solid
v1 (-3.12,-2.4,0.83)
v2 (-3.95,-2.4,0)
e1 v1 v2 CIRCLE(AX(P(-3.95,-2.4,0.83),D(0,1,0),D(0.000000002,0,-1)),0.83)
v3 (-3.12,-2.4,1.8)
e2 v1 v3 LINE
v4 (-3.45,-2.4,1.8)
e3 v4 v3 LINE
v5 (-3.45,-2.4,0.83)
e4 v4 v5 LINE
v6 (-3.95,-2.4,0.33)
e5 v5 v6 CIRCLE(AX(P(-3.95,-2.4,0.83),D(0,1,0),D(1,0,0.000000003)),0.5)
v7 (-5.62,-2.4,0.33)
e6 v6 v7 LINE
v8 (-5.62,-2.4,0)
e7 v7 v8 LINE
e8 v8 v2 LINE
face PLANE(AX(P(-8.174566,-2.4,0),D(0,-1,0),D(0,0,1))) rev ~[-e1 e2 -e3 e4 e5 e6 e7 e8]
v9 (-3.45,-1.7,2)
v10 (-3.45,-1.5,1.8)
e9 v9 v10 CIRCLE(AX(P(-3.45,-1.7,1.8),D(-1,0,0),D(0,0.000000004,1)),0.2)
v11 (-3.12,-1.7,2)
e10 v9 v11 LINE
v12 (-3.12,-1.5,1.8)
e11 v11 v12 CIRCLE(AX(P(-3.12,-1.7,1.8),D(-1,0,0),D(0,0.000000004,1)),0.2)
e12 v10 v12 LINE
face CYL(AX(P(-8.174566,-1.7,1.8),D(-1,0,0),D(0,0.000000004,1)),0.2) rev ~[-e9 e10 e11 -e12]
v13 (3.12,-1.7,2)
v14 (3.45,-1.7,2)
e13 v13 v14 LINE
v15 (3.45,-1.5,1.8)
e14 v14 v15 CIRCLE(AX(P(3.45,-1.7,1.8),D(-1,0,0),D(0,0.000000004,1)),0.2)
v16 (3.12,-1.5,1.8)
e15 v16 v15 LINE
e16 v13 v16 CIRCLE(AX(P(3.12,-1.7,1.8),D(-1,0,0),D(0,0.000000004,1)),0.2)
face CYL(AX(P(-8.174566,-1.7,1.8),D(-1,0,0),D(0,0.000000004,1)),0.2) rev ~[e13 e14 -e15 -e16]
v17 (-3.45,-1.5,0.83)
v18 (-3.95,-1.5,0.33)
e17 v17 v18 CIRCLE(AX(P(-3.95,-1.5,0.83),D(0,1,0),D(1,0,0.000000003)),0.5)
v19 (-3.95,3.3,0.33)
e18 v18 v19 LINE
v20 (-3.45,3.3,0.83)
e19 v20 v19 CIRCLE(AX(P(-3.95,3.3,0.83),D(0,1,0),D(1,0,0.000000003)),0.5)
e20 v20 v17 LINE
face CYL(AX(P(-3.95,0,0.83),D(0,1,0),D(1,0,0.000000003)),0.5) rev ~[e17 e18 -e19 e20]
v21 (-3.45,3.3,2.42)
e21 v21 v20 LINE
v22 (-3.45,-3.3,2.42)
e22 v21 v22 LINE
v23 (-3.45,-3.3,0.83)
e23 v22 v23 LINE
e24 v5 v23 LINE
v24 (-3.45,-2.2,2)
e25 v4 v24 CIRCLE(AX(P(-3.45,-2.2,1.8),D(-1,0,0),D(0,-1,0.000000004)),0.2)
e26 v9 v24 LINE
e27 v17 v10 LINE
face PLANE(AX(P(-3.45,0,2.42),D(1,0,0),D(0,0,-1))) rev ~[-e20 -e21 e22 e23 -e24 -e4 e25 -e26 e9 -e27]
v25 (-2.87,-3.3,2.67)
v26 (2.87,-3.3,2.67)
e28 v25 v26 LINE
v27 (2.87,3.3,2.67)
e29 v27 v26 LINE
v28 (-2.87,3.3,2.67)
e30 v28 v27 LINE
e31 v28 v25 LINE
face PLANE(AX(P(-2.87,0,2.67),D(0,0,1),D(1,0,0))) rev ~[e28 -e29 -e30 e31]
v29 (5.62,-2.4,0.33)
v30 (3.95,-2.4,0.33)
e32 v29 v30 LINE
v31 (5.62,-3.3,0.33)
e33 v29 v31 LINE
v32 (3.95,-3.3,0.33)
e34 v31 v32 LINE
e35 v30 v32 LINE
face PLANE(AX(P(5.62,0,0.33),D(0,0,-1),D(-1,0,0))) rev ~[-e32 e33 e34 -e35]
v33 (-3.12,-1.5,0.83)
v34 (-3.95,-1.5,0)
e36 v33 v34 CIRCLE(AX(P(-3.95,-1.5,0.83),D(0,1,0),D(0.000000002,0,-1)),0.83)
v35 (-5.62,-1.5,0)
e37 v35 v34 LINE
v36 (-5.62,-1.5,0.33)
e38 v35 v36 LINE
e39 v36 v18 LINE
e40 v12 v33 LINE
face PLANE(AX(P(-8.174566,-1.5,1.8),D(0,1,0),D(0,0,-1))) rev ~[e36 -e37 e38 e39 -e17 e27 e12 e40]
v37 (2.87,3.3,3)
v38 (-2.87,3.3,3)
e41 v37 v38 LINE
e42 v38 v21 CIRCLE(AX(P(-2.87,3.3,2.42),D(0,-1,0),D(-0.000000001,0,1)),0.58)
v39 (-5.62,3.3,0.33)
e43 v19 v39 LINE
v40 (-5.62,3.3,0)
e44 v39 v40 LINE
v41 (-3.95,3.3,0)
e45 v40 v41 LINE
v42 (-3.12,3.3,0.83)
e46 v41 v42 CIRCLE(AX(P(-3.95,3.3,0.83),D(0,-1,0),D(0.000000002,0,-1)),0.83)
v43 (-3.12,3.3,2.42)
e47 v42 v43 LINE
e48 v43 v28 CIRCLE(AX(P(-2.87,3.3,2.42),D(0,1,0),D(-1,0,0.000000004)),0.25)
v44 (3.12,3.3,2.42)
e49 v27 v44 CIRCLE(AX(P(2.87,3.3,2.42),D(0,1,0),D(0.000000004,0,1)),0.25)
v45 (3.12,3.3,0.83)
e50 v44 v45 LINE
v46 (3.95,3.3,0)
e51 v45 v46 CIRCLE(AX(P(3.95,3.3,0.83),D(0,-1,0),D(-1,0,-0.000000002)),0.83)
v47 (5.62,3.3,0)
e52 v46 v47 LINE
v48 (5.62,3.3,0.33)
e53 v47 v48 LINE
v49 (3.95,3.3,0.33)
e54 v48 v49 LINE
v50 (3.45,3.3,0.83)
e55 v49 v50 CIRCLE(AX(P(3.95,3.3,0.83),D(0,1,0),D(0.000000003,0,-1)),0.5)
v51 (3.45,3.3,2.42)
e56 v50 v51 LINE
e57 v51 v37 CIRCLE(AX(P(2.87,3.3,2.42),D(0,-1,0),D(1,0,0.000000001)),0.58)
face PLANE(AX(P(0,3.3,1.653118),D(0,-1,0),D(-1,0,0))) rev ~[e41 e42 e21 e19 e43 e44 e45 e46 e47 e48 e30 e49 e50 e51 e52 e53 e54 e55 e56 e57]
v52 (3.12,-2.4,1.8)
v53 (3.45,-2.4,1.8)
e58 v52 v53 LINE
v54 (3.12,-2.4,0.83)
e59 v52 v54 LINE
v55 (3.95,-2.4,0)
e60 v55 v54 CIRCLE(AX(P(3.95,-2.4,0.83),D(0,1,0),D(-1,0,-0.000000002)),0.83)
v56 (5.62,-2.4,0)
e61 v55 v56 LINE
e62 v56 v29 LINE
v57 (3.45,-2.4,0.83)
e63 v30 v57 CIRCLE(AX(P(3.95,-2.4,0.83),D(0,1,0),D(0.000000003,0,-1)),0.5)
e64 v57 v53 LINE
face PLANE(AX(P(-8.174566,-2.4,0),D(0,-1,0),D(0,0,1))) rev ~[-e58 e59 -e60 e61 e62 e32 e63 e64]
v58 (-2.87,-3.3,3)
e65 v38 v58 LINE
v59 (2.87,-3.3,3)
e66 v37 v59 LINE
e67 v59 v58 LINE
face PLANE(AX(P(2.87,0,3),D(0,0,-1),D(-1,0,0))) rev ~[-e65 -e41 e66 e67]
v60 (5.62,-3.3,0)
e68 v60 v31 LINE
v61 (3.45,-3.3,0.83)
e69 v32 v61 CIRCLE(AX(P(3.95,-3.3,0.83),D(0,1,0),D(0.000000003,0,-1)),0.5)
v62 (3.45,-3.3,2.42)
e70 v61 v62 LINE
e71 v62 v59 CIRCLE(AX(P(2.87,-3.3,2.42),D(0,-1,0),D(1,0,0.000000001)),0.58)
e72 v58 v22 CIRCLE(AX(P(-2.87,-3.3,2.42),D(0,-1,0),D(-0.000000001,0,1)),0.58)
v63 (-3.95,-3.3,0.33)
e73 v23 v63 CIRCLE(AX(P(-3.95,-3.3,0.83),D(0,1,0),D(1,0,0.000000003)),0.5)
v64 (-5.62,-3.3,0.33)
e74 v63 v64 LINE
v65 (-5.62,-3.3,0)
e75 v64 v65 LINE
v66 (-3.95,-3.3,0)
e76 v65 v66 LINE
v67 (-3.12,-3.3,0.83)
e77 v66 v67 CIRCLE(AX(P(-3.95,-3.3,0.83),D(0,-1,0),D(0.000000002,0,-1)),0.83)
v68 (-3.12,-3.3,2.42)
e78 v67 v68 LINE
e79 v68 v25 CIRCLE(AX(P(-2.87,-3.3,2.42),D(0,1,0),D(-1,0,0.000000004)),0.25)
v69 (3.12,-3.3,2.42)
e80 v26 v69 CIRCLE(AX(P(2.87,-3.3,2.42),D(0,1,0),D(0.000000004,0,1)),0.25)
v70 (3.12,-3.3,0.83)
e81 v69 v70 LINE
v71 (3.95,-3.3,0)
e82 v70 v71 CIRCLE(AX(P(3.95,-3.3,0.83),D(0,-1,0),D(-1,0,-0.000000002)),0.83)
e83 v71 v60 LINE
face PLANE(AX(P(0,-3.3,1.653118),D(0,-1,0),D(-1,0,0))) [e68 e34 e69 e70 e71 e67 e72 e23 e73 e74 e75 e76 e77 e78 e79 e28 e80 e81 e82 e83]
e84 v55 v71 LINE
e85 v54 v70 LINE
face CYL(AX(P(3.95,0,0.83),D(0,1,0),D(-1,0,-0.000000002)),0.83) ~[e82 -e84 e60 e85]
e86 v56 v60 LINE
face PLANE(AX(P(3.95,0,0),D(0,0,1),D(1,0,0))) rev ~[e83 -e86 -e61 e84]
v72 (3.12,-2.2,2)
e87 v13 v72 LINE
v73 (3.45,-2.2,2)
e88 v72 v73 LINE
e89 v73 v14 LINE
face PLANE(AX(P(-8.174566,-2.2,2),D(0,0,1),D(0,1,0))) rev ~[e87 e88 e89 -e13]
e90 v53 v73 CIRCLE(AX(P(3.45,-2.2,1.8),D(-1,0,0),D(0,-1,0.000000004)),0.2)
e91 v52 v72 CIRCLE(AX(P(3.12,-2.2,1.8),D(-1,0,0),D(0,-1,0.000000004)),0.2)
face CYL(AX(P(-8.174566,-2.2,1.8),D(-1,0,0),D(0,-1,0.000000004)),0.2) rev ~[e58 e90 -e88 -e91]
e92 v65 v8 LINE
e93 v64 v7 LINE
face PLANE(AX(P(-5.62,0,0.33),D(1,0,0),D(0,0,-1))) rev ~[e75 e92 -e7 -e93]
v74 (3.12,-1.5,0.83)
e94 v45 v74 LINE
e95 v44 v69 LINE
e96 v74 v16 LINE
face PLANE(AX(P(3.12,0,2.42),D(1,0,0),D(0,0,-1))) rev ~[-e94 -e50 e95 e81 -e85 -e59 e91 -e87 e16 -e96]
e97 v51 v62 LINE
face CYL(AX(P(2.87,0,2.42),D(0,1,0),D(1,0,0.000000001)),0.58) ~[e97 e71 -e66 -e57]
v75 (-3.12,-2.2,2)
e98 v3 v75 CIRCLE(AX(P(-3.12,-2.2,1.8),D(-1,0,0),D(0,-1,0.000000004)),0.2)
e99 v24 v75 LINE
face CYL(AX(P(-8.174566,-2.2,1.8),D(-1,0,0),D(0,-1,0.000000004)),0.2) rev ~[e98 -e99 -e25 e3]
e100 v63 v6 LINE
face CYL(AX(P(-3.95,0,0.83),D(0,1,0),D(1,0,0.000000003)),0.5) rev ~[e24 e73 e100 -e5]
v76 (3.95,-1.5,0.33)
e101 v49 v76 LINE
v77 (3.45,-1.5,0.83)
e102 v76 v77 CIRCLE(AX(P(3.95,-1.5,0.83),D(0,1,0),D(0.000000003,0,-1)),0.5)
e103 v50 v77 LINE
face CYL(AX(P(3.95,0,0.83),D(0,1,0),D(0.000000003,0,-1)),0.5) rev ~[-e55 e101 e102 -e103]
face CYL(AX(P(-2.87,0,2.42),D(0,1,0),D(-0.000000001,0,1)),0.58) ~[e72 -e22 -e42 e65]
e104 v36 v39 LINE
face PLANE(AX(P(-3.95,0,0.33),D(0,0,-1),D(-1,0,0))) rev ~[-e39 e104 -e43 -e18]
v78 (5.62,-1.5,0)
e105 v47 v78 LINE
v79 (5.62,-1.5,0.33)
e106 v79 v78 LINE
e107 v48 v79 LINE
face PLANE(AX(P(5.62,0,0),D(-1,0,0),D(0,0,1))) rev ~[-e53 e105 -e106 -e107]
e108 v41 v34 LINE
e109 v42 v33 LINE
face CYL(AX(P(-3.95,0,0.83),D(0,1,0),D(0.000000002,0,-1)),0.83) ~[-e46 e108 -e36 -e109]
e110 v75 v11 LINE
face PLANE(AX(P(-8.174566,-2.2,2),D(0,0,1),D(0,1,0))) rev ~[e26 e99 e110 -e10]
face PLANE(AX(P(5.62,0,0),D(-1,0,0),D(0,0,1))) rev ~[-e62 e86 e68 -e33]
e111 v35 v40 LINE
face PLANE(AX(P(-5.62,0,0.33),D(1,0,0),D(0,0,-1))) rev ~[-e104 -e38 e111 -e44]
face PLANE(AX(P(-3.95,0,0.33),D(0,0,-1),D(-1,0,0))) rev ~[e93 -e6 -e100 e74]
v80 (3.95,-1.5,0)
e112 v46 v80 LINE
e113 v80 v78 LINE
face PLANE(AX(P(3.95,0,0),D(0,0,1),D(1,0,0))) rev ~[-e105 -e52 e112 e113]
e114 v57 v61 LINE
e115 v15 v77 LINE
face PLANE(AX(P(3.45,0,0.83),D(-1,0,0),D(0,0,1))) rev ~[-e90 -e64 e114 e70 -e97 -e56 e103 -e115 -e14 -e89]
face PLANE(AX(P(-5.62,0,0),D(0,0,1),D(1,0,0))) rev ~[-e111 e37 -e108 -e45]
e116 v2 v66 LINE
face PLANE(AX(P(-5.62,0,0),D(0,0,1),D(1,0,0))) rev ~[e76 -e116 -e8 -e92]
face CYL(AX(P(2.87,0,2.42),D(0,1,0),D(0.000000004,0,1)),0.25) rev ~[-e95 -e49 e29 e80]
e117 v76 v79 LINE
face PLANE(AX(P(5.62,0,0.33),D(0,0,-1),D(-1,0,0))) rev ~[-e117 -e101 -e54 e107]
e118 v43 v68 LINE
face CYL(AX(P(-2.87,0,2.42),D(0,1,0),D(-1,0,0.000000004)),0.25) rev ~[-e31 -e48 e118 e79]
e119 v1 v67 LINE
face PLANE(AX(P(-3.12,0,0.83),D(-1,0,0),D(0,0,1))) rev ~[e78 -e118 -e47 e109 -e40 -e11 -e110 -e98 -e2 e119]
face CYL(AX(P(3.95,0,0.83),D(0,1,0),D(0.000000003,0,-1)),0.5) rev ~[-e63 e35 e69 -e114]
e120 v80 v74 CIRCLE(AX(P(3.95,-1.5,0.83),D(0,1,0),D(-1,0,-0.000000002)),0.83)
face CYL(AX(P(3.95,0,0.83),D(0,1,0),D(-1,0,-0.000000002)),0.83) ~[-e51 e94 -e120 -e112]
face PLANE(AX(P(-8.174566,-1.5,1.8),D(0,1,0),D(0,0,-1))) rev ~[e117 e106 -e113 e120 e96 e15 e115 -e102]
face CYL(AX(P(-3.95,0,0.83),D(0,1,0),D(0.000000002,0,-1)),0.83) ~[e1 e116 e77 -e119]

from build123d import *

# Parameters (mm, degrees)
EXTRUDE_1_DEPTH          = 3.3
CUT_EXTRUDE_1_DEPTH      = 8.174566189
CUT_EXTRUDE_1_DEPTH_BACK = 8.174566189


with BuildPart() as part:
    # Эскиз1 → Бобышка-Вытянуть1 (new, symmetric)
    with BuildSketch(Plane(origin=(0, 0, 0), x_dir=(1, 0, 0), z_dir=(0, 1, 0))):
        with BuildLine():
            Line((-5.62, 0), (-3.95, 0))
            ThreePointArc((-3.95, 0), (-3.363101372, -0.243101372), (-3.12, -0.83))
            Line((-3.12, -0.83), (-3.12, -2.42))
            ThreePointArc((-3.12, -2.42), (-3.046776695, -2.596776695), (-2.87, -2.67))
            Line((-2.87, -2.67), (2.87, -2.67))
            ThreePointArc((2.87, -2.67), (3.046776695, -2.596776695), (3.12, -2.42))
            Line((3.12, -2.42), (3.12, -0.83))
            ThreePointArc((3.12, -0.83), (3.363101372, -0.243101372), (3.95, 0))
            Line((3.95, 0), (5.62, 0))
            Line((5.62, 0), (5.62, -0.33))
            Line((5.62, -0.33), (3.95, -0.33))
            ThreePointArc((3.95, -0.33), (3.596446609, -0.476446609), (3.45, -0.83))
            Line((3.45, -0.83), (3.45, -2.42))
            ThreePointArc((3.45, -2.42), (3.280121933, -2.830121933), (2.87, -3))
            Line((2.87, -3), (-2.87, -3))
            ThreePointArc((-2.87, -3), (-3.280121933, -2.830121933), (-3.45, -2.42))
            Line((-3.45, -2.42), (-3.45, -0.83))
            ThreePointArc((-3.45, -0.83), (-3.596446609, -0.476446609), (-3.95, -0.33))
            Line((-3.95, -0.33), (-5.62, -0.33))
            Line((-5.62, -0.33), (-5.62, 0))
        make_face()
    extrude(amount=EXTRUDE_1_DEPTH, both=True)

    # Эскиз2 → Вырез-Вытянуть1 (cut, two sides: drawn at the far end of the back side and taken through both)
    with BuildSketch(Plane(origin=(0, 0, 0), x_dir=(0, 0, -1), z_dir=(1, 0, 0)).offset(-CUT_EXTRUDE_1_DEPTH_BACK)):
        with BuildLine():
            Line((0, -1.5), (0, -2.4))
            Line((0, -2.4), (-1.8, -2.4))
            ThreePointArc((-1.8, -2.4), (-1.941421356, -2.341421356), (-2, -2.2))
            Line((-2, -2.2), (-2, -1.7))
            ThreePointArc((-2, -1.7), (-1.941421356, -1.558578644), (-1.8, -1.5))
            Line((-1.8, -1.5), (0, -1.5))
        make_face()
    extrude(amount=CUT_EXTRUDE_1_DEPTH + CUT_EXTRUDE_1_DEPTH_BACK, mode=Mode.SUBTRACT)


solid = part.part
